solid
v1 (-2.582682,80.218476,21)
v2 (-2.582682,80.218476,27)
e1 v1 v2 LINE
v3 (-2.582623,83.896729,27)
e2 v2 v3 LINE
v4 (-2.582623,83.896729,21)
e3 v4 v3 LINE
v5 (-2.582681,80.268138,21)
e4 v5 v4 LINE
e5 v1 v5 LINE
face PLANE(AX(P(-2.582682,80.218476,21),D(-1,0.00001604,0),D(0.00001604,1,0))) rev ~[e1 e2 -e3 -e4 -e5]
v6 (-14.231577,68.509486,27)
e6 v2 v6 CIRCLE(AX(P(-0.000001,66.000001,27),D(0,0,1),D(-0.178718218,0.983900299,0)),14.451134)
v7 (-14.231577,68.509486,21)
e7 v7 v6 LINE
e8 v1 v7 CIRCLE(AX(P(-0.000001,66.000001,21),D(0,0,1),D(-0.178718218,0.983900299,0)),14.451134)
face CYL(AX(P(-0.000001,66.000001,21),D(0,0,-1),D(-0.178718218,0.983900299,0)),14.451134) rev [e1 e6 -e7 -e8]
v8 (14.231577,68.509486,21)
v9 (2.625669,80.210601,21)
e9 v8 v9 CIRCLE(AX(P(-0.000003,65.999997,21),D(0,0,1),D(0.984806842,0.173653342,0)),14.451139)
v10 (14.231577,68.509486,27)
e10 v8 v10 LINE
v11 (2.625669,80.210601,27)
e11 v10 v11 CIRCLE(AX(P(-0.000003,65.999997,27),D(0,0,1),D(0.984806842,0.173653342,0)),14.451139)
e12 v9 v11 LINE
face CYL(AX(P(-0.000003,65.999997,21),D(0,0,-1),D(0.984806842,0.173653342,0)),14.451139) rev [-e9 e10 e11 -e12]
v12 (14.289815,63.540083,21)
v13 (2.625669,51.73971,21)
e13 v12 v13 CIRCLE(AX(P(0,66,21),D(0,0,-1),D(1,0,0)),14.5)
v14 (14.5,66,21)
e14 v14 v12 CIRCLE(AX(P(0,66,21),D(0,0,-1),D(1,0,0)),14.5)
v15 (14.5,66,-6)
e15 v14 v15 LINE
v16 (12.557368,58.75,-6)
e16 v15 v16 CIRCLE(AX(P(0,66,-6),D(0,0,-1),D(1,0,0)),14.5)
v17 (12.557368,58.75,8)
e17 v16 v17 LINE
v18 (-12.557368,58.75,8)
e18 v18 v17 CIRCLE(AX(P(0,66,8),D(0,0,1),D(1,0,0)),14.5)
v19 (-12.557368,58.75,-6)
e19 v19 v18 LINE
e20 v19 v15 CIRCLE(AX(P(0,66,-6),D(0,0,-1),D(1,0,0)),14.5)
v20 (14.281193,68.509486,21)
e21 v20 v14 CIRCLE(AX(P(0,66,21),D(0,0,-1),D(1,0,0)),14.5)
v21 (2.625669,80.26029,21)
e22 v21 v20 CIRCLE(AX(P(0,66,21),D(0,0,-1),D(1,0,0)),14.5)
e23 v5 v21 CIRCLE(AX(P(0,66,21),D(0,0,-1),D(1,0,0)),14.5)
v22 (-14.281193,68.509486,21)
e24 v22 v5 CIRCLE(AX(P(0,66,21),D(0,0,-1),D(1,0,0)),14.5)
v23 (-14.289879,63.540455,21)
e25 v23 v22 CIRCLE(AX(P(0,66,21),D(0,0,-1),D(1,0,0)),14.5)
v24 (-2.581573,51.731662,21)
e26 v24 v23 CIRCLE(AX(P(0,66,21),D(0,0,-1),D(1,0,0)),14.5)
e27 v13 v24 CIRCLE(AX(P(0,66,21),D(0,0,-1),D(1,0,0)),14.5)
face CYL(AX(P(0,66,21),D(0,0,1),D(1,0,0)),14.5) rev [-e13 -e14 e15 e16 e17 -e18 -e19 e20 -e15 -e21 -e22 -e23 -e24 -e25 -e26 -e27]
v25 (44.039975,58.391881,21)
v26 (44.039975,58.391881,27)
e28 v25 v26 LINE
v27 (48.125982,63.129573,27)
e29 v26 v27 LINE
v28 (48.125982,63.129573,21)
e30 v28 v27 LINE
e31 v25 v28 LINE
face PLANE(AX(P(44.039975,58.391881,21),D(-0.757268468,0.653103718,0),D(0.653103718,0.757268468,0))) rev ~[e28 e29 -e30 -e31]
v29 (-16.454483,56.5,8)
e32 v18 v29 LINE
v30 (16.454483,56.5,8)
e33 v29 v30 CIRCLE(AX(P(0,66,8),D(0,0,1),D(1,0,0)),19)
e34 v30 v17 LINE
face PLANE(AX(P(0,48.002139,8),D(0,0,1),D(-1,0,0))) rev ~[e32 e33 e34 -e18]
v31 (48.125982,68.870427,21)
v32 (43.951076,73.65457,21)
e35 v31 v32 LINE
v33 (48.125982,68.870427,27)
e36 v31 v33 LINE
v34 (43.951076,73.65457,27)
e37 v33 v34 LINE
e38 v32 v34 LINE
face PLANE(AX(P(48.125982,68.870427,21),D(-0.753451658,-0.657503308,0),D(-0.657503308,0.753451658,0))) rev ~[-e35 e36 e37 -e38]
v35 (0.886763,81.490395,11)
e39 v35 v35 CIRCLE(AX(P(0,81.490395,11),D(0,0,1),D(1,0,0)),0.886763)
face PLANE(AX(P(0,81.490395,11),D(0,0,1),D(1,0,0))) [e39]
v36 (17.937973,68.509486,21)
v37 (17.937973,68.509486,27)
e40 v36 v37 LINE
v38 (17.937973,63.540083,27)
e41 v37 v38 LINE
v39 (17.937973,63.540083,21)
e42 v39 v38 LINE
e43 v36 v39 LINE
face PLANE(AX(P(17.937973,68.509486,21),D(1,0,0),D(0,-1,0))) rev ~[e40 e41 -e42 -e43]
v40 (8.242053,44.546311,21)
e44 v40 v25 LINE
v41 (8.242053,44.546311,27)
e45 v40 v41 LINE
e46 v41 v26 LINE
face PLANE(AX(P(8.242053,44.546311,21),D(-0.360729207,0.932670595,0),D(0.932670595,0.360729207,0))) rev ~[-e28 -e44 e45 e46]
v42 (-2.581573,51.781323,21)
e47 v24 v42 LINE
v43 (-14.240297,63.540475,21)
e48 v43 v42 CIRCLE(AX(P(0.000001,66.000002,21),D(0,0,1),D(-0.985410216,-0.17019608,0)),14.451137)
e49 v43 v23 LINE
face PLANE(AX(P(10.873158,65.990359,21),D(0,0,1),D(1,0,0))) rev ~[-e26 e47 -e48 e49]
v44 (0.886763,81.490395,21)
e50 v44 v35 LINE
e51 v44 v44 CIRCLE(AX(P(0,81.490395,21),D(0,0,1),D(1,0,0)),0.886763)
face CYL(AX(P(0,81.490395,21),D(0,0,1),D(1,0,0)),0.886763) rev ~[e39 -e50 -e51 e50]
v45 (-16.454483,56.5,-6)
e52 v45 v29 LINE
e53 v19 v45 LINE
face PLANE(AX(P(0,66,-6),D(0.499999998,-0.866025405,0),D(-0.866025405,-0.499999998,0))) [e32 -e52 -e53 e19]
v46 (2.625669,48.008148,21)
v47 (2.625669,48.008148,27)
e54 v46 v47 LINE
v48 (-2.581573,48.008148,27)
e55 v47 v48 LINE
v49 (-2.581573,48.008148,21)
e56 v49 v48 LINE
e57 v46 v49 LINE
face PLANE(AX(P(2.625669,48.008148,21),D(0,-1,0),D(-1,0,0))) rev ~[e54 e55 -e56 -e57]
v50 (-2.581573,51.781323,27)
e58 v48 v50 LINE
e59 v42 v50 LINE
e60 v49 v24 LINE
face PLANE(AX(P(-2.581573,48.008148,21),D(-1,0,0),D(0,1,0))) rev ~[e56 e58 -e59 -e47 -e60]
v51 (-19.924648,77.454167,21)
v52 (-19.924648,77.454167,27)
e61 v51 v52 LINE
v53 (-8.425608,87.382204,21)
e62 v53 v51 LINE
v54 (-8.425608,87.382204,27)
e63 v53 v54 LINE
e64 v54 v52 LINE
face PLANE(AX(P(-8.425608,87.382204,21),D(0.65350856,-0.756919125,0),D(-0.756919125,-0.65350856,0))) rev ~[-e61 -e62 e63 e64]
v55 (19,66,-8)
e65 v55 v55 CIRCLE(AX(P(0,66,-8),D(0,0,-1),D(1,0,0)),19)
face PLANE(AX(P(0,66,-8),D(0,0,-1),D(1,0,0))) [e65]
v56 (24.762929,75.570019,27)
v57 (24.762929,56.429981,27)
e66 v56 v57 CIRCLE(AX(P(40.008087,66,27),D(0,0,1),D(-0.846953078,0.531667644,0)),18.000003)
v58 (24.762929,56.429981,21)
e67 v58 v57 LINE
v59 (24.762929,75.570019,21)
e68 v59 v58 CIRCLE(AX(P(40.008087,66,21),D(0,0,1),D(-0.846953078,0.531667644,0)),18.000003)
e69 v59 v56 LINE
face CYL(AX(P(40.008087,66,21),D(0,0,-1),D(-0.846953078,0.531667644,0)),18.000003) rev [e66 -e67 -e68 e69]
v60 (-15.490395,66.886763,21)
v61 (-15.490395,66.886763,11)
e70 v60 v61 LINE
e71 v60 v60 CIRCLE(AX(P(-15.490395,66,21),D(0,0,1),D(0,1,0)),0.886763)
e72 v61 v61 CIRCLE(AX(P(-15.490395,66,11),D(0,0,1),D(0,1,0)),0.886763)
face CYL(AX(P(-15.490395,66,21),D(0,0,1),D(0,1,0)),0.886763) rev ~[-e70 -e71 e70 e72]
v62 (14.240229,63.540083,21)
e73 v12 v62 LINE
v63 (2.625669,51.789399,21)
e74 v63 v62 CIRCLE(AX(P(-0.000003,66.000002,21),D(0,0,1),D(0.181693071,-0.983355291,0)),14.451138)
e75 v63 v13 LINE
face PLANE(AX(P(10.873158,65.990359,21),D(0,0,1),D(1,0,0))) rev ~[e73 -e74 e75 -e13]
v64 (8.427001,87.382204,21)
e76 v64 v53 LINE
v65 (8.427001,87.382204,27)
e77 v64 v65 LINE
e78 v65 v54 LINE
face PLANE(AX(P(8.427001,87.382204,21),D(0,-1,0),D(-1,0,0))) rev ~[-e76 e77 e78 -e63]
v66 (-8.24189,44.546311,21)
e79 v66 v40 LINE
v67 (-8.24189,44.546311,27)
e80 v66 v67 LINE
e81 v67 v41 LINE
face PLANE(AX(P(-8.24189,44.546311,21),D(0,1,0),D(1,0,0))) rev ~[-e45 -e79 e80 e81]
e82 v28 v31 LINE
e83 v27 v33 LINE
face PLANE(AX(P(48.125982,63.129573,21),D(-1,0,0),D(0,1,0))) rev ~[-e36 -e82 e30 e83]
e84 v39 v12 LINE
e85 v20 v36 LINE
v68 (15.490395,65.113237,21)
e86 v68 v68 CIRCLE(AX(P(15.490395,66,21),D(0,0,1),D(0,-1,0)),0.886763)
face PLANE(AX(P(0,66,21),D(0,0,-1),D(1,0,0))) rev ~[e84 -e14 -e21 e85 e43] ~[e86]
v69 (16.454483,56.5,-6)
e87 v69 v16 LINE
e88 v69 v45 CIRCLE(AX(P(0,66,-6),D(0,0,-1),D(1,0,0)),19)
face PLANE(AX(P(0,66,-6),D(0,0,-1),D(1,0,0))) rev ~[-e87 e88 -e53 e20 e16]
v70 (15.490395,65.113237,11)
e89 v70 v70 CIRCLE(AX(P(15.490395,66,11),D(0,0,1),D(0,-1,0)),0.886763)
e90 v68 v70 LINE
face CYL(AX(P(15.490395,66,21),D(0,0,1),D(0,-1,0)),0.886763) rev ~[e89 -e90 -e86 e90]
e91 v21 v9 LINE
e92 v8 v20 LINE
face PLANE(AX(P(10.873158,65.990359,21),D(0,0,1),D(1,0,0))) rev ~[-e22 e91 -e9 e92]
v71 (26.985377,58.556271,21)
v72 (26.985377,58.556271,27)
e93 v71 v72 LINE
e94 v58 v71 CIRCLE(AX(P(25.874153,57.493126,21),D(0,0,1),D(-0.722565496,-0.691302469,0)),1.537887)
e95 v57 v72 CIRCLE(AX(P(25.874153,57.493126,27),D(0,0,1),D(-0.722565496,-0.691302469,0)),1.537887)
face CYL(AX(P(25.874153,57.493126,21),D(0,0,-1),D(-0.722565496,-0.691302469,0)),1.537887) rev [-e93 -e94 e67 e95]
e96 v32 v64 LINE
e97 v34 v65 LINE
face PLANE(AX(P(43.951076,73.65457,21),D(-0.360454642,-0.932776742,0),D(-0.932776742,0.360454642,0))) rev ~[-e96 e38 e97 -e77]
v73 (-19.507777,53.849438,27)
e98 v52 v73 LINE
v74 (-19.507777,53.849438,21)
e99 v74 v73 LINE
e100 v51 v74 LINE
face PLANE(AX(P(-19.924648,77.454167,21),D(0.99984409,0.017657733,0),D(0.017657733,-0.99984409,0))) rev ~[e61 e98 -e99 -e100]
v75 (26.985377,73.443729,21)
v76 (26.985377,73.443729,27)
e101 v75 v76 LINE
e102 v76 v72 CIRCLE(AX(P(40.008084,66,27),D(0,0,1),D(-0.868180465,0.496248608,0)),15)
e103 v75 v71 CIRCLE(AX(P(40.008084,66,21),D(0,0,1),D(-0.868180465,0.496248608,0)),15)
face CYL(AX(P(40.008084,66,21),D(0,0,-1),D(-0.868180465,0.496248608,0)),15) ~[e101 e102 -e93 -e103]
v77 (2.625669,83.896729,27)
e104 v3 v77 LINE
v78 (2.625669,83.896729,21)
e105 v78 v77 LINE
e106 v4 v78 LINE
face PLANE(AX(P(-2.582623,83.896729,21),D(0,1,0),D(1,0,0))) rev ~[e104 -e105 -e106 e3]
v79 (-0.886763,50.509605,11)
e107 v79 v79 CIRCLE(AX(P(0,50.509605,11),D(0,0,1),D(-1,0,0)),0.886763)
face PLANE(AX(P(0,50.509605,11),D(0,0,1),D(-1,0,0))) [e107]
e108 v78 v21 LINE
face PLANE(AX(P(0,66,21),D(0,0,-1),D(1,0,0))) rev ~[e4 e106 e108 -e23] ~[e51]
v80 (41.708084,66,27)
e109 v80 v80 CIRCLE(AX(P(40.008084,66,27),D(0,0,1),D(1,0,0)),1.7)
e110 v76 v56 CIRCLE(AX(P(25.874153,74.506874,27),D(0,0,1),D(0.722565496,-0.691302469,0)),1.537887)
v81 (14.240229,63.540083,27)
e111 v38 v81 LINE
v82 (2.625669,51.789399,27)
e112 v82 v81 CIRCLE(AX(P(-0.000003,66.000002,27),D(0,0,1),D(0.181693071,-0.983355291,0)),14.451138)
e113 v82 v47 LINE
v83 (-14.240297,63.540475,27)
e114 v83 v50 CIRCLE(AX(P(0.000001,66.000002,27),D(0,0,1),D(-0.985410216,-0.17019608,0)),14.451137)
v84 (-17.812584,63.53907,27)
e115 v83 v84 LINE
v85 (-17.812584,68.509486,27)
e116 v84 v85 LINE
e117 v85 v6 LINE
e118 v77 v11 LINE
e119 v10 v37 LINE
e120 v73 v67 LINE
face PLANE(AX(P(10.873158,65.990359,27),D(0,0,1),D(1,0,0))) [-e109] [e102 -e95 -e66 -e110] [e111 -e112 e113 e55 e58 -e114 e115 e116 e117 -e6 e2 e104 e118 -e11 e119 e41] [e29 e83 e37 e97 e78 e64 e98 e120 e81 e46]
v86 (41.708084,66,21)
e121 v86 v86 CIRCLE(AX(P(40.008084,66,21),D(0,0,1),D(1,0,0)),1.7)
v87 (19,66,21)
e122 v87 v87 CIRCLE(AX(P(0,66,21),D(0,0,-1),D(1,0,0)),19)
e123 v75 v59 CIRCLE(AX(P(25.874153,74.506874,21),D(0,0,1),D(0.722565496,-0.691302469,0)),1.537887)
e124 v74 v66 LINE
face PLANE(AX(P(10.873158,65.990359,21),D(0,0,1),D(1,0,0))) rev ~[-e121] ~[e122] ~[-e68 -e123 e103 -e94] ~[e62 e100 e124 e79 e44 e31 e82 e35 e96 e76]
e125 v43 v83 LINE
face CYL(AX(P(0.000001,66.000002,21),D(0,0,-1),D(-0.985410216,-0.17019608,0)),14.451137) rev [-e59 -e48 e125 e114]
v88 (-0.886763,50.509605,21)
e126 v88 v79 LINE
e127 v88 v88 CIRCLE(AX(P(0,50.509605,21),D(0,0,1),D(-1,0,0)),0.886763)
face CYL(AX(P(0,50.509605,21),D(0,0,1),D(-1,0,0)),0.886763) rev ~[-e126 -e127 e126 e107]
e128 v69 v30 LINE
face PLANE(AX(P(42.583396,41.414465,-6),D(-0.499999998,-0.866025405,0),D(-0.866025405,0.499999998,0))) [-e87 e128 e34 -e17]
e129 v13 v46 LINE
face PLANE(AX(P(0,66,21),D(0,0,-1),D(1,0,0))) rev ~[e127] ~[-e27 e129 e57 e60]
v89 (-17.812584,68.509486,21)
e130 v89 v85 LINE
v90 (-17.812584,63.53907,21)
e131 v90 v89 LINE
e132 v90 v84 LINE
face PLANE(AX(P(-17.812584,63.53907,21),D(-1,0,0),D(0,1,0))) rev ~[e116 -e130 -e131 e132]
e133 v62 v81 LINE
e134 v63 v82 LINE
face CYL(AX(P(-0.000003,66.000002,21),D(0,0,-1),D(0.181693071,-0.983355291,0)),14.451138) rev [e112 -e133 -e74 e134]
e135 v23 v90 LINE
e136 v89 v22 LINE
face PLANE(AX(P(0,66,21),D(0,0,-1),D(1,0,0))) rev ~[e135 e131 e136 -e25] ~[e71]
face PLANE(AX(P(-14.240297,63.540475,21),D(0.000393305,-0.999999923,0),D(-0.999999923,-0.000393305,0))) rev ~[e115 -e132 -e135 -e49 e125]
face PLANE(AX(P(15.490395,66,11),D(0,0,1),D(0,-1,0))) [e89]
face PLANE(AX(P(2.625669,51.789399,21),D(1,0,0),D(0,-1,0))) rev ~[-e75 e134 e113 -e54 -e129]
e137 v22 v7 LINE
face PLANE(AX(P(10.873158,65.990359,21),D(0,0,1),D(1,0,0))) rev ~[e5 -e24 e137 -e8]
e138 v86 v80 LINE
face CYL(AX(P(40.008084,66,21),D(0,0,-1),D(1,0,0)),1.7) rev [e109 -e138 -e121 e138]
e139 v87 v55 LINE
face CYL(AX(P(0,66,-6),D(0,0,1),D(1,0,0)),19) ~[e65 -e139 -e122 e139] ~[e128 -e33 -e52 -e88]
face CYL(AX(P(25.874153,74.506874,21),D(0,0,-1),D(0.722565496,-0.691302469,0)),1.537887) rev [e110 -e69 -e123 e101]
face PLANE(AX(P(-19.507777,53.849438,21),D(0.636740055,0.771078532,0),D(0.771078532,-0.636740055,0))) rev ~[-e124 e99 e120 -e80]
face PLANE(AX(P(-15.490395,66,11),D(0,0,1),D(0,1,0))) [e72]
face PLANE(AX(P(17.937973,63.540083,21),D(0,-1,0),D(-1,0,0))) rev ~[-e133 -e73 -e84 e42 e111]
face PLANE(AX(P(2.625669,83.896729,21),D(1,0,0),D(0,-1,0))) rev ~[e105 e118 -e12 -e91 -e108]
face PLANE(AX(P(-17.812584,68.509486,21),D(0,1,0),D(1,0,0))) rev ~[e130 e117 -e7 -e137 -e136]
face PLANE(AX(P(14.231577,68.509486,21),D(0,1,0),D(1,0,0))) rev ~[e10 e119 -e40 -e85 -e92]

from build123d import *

# Parameters (mm, degrees)
SKETCH122_R           = 1.7
PAD049_DEPTH          = 6
SKETCH123_R           = 19
SKETCH123_R_2         = 14.5
PAD050_DEPTH          = 27
POCKET086_DEPTH       = 14
SKETCH125_R           = 0.886763
POCKET087_DEPTH       = 10
POLARPATTERN004_COUNT = 4
SKETCH150_R           = 19
PAD063_DEPTH          = 2


with BuildPart() as part:
    # Sketch122 → Pad049 (new body)
    with BuildSketch(Plane.XY):
        Polygon((8.427001, 21.382204), (-8.425608, 21.382204), (-19.924648, 11.454167), (-19.507777, -12.150562), (-8.24189, -21.453689), (8.242053, -21.453689), (44.039975, -7.608119), (48.125982, -2.870427), (48.125982, 2.870427), (43.951076, 7.65457), align=None)
        with Locations((40.008084, 0)):
            Circle(SKETCH122_R, mode=Mode.SUBTRACT)
        with BuildLine():
            ThreePointArc((14.231577, 2.509486), (10.260151, 10.176669), (2.625669, 14.210601))
            Line((2.625669, 17.896729), (2.625669, 14.210601))
            Line((-2.582623, 17.896729), (2.625669, 17.896729))
            Line((-2.582682, 14.218476), (-2.582623, 17.896729))
            ThreePointArc((-2.582682, 14.218476), (-10.244752, 10.192172), (-14.231577, 2.509486))
            Line((-17.812584, 2.509486), (-14.231577, 2.509486))
            Line((-17.812584, -2.46093), (-17.812584, 2.509486))
            Line((-14.240297, -2.459525), (-17.812584, -2.46093))
            ThreePointArc((-14.240297, -2.459525), (-10.262224, -10.174579), (-2.581573, -14.218677))
            Line((-2.581573, -17.991852), (-2.581573, -14.218677))
            Line((2.625669, -17.991852), (-2.581573, -17.991852))
            Line((2.625669, -14.210601), (2.625669, -17.991852))
            ThreePointArc((2.625669, -14.210601), (10.277853, -10.158791), (14.240229, -2.459917))
            Line((17.937973, -2.459917), (14.240229, -2.459917))
            Line((17.937973, 2.509486), (17.937973, -2.459917))
            Line((14.231577, 2.509486), (17.937973, 2.509486))
        make_face(mode=Mode.SUBTRACT)
        with BuildLine():
            ThreePointArc((24.762929, 9.570019), (22.008084, 0), (24.762929, -9.570019))
            ThreePointArc((24.762929, -9.570019), (26.937298, -9.618098), (26.985377, -7.443729))
            ThreePointArc((26.985377, 7.443729), (25.008084, 0), (26.985377, -7.443729))
            ThreePointArc((26.985377, 7.443729), (26.937298, 9.618098), (24.762929, 9.570019))
        make_face(mode=Mode.SUBTRACT)
    extrude(amount=PAD049_DEPTH)

    # Sketch123 (on Face32 of Pad049) → Pad050 (join)
    with BuildSketch(Plane(origin=(0, 0, 0), x_dir=(1, 0, 0), z_dir=(0, 0, -1))):
        Circle(SKETCH123_R)
        Circle(SKETCH123_R_2, mode=Mode.SUBTRACT)
    extrude(amount=PAD050_DEPTH)

    # Sketch124 (on Face35 of Pad050) → Pocket086 (cut)
    with BuildSketch(Plane(origin=(0, 0, -27), x_dir=(1, 0, 0), z_dir=(0, 0, -1))):
        Polygon((0, 0), (-42.583396, 24.585535), (42.583396, 24.585535), align=None)
    extrude(amount=-POCKET086_DEPTH, mode=Mode.SUBTRACT)

    # Sketch125 (on Face44 of Pocket086) → Pocket087 (cut)
    with BuildSketch(Plane.XY):
        with Locations((0, 15.490395)):
            Circle(SKETCH125_R)
    pocket087 = extrude(amount=-POCKET087_DEPTH, mode=Mode.SUBTRACT)

    # PolarPattern004: Pocket087 ×4 about axis
    polarpattern004_axis = Axis((0, 0, 0), (0, 0, 1))
    for i in range(1, POLARPATTERN004_COUNT):
        add(pocket087.rotate(polarpattern004_axis, i * 360 / POLARPATTERN004_COUNT), mode=Mode.SUBTRACT)

    # Sketch150 (on Face35 of PolarPattern004) → Pad063 (join)
    with BuildSketch(Plane(origin=(0, 0, -27), x_dir=(1, 0, 0), z_dir=(0, 0, -1))):
        Circle(SKETCH150_R)
    extrude(amount=PAD063_DEPTH)


with BuildPart() as part_1:
    # Body023 placement: moved
    add(part.part.moved(Location((0, 66, 21))))


solid = part_1.part
